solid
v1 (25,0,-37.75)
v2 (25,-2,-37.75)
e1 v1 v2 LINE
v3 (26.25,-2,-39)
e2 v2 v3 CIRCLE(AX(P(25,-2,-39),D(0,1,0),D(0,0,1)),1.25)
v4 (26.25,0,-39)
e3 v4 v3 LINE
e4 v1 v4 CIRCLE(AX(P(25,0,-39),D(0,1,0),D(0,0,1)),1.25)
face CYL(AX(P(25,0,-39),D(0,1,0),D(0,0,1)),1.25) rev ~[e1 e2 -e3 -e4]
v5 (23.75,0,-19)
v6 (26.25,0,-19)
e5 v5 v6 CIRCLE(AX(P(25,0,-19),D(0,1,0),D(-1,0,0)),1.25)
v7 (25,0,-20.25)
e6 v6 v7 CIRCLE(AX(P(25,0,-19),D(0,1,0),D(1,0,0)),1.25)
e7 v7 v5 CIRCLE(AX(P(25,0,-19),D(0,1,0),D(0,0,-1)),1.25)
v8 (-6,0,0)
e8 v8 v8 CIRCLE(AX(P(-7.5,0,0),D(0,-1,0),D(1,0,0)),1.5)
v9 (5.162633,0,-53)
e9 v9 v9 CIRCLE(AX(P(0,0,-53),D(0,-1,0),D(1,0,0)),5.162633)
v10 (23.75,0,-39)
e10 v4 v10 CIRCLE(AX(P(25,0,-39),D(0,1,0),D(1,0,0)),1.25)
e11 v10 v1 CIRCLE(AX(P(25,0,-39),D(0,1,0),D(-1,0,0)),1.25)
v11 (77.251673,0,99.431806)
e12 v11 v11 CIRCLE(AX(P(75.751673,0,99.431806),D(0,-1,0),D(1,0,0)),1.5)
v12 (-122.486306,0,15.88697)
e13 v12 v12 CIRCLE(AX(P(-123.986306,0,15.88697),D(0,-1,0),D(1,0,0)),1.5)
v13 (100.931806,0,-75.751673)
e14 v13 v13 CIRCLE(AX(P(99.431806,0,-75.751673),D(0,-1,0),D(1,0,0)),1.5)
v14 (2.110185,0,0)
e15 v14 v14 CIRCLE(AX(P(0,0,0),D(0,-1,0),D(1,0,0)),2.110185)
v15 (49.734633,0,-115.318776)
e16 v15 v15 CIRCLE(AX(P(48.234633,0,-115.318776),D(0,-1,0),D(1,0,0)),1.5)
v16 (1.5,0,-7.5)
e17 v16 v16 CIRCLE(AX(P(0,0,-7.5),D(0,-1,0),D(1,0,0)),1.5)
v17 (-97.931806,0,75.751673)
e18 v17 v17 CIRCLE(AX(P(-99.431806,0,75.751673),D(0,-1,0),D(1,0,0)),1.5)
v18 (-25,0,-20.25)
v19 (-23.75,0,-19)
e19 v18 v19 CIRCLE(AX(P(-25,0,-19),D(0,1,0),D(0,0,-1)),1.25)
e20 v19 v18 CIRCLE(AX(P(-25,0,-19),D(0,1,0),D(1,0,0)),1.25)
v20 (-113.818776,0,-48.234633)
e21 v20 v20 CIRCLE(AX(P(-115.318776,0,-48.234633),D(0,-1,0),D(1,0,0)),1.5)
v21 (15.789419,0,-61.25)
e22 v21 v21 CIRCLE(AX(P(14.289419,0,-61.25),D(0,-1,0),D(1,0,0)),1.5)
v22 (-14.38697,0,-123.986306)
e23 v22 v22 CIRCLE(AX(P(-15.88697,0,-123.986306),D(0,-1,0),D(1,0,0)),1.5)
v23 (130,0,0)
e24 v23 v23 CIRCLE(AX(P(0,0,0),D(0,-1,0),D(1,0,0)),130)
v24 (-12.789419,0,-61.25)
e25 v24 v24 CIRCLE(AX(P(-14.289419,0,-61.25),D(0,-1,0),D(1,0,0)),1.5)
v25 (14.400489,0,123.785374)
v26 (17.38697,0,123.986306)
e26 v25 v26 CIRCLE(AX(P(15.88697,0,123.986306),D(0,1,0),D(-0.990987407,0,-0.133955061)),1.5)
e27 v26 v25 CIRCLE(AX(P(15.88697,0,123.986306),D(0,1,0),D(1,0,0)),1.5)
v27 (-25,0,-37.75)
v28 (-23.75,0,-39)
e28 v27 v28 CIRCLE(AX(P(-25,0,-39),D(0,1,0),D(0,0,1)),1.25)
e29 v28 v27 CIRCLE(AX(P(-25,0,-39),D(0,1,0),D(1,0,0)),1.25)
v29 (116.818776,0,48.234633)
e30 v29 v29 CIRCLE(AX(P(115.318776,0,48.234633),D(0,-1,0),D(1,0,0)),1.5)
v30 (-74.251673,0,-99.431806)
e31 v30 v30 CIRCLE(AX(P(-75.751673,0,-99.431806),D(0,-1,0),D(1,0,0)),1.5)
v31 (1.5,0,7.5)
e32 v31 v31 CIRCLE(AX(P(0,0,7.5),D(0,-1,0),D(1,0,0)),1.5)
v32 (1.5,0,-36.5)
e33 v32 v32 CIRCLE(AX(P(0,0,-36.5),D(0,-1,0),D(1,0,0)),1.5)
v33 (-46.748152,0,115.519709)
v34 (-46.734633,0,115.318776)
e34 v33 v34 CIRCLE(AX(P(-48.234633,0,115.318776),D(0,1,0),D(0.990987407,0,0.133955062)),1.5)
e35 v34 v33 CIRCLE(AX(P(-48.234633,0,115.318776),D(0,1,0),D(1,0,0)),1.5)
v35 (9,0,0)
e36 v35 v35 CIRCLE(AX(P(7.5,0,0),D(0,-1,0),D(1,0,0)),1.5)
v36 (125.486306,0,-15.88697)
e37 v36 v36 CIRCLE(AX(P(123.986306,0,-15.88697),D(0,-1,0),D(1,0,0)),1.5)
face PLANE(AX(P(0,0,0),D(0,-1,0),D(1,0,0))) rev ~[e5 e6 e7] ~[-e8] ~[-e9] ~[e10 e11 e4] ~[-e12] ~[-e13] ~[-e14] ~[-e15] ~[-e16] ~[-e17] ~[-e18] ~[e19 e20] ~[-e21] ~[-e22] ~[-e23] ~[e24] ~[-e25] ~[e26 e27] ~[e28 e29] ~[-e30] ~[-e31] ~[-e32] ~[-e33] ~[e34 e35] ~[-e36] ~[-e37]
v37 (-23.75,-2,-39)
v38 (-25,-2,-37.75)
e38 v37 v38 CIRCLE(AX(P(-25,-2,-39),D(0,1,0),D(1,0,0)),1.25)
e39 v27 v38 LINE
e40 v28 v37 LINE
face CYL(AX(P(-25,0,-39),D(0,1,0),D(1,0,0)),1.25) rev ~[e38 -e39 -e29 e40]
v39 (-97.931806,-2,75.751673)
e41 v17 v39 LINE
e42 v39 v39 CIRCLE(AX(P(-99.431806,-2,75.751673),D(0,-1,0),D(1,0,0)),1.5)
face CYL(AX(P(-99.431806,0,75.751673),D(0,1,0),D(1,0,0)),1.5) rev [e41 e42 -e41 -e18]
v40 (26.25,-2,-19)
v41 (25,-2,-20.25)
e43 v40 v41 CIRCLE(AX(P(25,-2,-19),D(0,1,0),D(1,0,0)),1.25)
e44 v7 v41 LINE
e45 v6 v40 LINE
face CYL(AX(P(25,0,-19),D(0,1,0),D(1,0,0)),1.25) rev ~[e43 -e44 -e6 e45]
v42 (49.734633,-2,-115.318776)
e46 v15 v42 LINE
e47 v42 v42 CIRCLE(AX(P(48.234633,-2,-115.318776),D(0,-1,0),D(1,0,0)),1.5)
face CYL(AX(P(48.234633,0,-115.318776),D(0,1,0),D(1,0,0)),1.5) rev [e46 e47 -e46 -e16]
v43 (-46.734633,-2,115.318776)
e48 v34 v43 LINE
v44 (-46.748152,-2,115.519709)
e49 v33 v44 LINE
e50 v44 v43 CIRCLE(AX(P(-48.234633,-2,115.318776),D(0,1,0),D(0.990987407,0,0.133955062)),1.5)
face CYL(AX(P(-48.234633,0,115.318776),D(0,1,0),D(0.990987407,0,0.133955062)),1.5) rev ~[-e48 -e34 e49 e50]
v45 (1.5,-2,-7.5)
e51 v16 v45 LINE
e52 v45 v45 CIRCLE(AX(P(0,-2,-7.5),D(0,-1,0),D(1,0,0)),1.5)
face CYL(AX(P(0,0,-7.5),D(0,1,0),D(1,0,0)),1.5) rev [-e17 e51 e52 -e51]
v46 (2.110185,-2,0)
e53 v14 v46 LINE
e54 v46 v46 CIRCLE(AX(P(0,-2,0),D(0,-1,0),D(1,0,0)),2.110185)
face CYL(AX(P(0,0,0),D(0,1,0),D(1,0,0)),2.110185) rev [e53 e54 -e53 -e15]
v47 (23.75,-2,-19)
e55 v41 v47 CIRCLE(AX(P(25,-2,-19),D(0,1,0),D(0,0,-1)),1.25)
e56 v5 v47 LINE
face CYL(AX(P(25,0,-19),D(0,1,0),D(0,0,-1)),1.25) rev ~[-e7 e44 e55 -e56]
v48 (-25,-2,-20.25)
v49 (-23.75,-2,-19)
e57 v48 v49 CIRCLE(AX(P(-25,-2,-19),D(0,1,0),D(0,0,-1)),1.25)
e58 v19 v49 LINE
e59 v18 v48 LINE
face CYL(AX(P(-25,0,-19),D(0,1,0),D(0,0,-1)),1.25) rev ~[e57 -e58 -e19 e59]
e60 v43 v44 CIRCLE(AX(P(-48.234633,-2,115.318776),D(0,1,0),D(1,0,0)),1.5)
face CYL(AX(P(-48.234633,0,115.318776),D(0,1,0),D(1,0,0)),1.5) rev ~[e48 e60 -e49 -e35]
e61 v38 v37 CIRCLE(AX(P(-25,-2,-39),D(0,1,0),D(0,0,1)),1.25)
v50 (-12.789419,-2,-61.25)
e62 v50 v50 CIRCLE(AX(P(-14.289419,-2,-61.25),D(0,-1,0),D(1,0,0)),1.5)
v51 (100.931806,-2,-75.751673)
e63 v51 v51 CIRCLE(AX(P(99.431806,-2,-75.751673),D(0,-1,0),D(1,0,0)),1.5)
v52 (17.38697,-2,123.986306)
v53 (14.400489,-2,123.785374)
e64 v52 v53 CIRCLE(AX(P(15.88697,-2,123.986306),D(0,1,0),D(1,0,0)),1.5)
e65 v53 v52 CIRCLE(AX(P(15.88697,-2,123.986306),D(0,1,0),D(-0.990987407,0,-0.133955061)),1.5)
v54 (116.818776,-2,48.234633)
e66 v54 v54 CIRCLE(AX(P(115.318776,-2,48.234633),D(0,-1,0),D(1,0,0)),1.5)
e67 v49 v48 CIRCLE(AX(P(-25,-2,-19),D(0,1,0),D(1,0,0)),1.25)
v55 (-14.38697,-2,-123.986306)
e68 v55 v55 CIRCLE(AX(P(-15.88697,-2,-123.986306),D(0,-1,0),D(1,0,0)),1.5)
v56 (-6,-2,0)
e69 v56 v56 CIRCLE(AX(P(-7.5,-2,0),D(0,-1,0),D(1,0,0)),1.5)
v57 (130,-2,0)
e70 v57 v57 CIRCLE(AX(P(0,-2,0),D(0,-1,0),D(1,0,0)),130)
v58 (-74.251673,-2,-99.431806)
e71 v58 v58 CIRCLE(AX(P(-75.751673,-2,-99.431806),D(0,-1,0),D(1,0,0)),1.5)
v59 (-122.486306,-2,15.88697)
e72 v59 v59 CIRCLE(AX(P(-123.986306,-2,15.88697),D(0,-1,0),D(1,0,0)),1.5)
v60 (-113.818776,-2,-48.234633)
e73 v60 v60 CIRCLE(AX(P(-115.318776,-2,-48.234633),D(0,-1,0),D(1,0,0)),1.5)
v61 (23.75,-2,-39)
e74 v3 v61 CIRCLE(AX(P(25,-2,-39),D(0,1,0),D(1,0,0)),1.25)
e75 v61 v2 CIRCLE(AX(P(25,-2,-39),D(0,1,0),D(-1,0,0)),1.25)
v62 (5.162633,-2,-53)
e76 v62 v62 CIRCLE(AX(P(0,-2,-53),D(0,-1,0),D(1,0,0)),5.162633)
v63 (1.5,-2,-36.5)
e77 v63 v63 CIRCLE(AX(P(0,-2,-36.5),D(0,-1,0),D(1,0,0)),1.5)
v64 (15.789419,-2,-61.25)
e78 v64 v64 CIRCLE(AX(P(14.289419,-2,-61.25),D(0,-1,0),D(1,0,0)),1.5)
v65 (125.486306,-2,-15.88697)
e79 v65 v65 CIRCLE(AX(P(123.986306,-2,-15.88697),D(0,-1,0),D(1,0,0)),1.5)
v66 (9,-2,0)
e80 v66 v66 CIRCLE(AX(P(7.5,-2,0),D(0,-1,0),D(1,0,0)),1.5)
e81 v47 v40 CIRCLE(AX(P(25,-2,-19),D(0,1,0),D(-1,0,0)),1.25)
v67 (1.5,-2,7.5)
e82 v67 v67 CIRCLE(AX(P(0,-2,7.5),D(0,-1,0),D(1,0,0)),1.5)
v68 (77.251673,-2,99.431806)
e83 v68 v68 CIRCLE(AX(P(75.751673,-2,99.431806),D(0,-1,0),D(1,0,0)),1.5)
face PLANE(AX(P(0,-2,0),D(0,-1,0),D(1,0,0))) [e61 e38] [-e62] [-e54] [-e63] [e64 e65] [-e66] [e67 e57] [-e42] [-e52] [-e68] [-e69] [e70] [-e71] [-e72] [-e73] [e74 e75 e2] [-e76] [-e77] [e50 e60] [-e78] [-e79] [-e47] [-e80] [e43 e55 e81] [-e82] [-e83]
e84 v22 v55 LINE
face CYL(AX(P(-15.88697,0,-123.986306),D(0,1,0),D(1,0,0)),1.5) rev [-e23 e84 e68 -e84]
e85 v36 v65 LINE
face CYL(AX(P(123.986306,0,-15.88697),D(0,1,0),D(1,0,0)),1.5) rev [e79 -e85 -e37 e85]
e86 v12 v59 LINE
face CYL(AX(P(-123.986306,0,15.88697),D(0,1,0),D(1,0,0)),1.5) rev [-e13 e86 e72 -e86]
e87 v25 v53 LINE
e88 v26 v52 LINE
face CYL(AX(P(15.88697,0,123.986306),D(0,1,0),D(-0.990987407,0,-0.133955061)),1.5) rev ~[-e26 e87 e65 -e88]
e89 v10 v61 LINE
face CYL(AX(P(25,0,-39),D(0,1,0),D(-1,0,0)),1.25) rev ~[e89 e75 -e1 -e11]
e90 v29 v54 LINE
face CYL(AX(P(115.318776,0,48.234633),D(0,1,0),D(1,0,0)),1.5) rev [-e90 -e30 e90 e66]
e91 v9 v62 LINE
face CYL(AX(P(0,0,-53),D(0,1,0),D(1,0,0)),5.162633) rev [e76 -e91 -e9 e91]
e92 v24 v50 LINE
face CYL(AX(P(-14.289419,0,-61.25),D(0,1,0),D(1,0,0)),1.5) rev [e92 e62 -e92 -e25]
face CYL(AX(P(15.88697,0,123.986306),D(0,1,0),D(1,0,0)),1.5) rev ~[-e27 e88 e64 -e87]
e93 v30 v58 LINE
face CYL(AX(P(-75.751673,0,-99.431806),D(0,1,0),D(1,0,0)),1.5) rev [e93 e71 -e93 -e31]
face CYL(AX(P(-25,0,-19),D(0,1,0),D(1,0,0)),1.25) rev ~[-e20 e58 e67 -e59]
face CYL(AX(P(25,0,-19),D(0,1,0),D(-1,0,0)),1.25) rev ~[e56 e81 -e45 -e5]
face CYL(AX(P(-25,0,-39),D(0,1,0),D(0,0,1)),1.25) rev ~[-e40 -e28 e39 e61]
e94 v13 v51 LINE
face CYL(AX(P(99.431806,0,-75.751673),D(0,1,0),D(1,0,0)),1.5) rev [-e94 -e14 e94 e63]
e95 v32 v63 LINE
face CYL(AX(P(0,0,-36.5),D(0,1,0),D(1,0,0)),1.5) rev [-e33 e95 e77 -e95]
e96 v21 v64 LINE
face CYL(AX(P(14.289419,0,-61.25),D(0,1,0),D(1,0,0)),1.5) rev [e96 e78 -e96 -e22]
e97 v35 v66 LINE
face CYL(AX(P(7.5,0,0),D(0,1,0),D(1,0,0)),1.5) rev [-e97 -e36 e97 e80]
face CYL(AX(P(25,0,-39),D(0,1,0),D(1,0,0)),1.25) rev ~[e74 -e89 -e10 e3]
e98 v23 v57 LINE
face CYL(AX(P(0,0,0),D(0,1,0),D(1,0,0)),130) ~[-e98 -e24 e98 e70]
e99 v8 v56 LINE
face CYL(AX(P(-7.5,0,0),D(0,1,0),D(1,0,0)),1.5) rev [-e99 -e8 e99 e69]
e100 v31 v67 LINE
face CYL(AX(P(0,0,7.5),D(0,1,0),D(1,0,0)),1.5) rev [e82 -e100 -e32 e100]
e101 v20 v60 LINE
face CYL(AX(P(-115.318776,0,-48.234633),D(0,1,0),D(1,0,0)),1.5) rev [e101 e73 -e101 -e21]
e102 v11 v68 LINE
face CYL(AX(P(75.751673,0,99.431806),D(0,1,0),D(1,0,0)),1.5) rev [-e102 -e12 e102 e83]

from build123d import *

# Parameters (mm, degrees)
F0_R     = 130
F0_R_2   = 1.5
F0_R_3   = 5.1626329884
F0_R_4   = 2.1101846968
F1_DEPTH = 2


with BuildPart() as f1:
    # F0 (on Front) → F1 (new body)
    with BuildSketch(Plane.XZ):
        Circle(F0_R)
        with Locations((-75.7516729819, -99.43180598)):
            Circle(F0_R_2, mode=Mode.SUBTRACT)
        with Locations((-15.8869701915, -123.9863064138)):
            Circle(F0_R_2, mode=Mode.SUBTRACT)
        with Locations((-115.3187761715, -48.2346334319)):
            Circle(F0_R_2, mode=Mode.SUBTRACT)
        with Locations((-14.2894191624, -61.25)):
            Circle(F0_R_2, mode=Mode.SUBTRACT)
        with Locations((48.2346334319, -115.3187761715)):
            Circle(F0_R_2, mode=Mode.SUBTRACT)
        with Locations((99.43180598, -75.7516729819)):
            Circle(F0_R_2, mode=Mode.SUBTRACT)
        with Locations((14.2894191624, -61.25)):
            Circle(F0_R_2, mode=Mode.SUBTRACT)
        with Locations((0, -53)):
            Circle(F0_R_3, mode=Mode.SUBTRACT)
        with BuildLine():
            Line((23.75, -39), (-23.75, -39))
            ThreePointArc((-23.75, -39), (-25.8838834765, -39.8838834765), (-25, -37.75))
            Line((-25, -37.75), (-25, -20.25))
            ThreePointArc((-25, -20.25), (-25.8838834765, -18.1161165235), (-23.75, -19))
            Line((-23.75, -19), (23.75, -19))
            ThreePointArc((23.75, -19), (25, -17.75), (26.25, -19))
            ThreePointArc((26.25, -19), (25.8838834765, -19.8838834765), (25, -20.25))
            Line((25, -20.25), (25, -37.75))
            ThreePointArc((25, -37.75), (25.8838834765, -38.1161165235), (26.25, -39))
            ThreePointArc((26.25, -39), (25, -40.25), (23.75, -39))
        make_face(mode=Mode.SUBTRACT)
        with Locations((0, -7.5)):
            Circle(F0_R_2, mode=Mode.SUBTRACT)
        with Locations((123.9863064138, -15.8869701915)):
            Circle(F0_R_2, mode=Mode.SUBTRACT)
        with Locations((-123.9863064138, 15.8869701915)):
            Circle(F0_R_2, mode=Mode.SUBTRACT)
        with Locations((-7.5, 0)):
            Circle(F0_R_2, mode=Mode.SUBTRACT)
        with Locations((-99.43180598, 75.7516729819)):
            Circle(F0_R_2, mode=Mode.SUBTRACT)
        with BuildLine():
            ThreePointArc((-46.7346334319, 115.3187761715), (-49.7312498935, 115.2180827424), (-46.7481523208, 115.519708763))
            ThreePointArc((-46.7481523208, 115.519708763), (-46.7380169702, 115.4194696006), (-46.7346334319, 115.3187761715))
        make_face(mode=Mode.SUBTRACT)
        Circle(F0_R_4, mode=Mode.SUBTRACT)
        with Locations((7.5, 0)):
            Circle(F0_R_2, mode=Mode.SUBTRACT)
        with Locations((0, 7.5)):
            Circle(F0_R_2, mode=Mode.SUBTRACT)
        with Locations((115.3187761715, 48.2346334319)):
            Circle(F0_R_2, mode=Mode.SUBTRACT)
        with BuildLine():
            ThreePointArc((17.3869701915, 123.9863064138), (15.9876636207, 122.4896899521), (14.4004890804, 123.7853738223))
            ThreePointArc((14.4004890804, 123.7853738223), (15.7862767624, 125.4829228755), (17.3869701915, 123.9863064138))
        make_face(mode=Mode.SUBTRACT)
        with Locations((75.7516729819, 99.43180598)):
            Circle(F0_R_2, mode=Mode.SUBTRACT)
        with BuildLine():
            ThreePointArc((-25, -37.75), (-24.1161165235, -38.1161165235), (-23.75, -39))
            Line((-23.75, -39), (23.75, -39))
            ThreePointArc((23.75, -39), (24.1161165235, -38.1161165235), (25, -37.75))
            Line((25, -37.75), (25, -20.25))
            ThreePointArc((25, -20.25), (24.1161165235, -19.8838834765), (23.75, -19))
            Line((23.75, -19), (-23.75, -19))
            ThreePointArc((-23.75, -19), (-24.1161165235, -19.8838834765), (-25, -20.25))
            Line((-25, -20.25), (-25, -37.75))
        make_face()
        with Locations((0, -36.5)):
            Circle(F0_R_2, mode=Mode.SUBTRACT)
    extrude(amount=F1_DEPTH)


solid = f1.part
